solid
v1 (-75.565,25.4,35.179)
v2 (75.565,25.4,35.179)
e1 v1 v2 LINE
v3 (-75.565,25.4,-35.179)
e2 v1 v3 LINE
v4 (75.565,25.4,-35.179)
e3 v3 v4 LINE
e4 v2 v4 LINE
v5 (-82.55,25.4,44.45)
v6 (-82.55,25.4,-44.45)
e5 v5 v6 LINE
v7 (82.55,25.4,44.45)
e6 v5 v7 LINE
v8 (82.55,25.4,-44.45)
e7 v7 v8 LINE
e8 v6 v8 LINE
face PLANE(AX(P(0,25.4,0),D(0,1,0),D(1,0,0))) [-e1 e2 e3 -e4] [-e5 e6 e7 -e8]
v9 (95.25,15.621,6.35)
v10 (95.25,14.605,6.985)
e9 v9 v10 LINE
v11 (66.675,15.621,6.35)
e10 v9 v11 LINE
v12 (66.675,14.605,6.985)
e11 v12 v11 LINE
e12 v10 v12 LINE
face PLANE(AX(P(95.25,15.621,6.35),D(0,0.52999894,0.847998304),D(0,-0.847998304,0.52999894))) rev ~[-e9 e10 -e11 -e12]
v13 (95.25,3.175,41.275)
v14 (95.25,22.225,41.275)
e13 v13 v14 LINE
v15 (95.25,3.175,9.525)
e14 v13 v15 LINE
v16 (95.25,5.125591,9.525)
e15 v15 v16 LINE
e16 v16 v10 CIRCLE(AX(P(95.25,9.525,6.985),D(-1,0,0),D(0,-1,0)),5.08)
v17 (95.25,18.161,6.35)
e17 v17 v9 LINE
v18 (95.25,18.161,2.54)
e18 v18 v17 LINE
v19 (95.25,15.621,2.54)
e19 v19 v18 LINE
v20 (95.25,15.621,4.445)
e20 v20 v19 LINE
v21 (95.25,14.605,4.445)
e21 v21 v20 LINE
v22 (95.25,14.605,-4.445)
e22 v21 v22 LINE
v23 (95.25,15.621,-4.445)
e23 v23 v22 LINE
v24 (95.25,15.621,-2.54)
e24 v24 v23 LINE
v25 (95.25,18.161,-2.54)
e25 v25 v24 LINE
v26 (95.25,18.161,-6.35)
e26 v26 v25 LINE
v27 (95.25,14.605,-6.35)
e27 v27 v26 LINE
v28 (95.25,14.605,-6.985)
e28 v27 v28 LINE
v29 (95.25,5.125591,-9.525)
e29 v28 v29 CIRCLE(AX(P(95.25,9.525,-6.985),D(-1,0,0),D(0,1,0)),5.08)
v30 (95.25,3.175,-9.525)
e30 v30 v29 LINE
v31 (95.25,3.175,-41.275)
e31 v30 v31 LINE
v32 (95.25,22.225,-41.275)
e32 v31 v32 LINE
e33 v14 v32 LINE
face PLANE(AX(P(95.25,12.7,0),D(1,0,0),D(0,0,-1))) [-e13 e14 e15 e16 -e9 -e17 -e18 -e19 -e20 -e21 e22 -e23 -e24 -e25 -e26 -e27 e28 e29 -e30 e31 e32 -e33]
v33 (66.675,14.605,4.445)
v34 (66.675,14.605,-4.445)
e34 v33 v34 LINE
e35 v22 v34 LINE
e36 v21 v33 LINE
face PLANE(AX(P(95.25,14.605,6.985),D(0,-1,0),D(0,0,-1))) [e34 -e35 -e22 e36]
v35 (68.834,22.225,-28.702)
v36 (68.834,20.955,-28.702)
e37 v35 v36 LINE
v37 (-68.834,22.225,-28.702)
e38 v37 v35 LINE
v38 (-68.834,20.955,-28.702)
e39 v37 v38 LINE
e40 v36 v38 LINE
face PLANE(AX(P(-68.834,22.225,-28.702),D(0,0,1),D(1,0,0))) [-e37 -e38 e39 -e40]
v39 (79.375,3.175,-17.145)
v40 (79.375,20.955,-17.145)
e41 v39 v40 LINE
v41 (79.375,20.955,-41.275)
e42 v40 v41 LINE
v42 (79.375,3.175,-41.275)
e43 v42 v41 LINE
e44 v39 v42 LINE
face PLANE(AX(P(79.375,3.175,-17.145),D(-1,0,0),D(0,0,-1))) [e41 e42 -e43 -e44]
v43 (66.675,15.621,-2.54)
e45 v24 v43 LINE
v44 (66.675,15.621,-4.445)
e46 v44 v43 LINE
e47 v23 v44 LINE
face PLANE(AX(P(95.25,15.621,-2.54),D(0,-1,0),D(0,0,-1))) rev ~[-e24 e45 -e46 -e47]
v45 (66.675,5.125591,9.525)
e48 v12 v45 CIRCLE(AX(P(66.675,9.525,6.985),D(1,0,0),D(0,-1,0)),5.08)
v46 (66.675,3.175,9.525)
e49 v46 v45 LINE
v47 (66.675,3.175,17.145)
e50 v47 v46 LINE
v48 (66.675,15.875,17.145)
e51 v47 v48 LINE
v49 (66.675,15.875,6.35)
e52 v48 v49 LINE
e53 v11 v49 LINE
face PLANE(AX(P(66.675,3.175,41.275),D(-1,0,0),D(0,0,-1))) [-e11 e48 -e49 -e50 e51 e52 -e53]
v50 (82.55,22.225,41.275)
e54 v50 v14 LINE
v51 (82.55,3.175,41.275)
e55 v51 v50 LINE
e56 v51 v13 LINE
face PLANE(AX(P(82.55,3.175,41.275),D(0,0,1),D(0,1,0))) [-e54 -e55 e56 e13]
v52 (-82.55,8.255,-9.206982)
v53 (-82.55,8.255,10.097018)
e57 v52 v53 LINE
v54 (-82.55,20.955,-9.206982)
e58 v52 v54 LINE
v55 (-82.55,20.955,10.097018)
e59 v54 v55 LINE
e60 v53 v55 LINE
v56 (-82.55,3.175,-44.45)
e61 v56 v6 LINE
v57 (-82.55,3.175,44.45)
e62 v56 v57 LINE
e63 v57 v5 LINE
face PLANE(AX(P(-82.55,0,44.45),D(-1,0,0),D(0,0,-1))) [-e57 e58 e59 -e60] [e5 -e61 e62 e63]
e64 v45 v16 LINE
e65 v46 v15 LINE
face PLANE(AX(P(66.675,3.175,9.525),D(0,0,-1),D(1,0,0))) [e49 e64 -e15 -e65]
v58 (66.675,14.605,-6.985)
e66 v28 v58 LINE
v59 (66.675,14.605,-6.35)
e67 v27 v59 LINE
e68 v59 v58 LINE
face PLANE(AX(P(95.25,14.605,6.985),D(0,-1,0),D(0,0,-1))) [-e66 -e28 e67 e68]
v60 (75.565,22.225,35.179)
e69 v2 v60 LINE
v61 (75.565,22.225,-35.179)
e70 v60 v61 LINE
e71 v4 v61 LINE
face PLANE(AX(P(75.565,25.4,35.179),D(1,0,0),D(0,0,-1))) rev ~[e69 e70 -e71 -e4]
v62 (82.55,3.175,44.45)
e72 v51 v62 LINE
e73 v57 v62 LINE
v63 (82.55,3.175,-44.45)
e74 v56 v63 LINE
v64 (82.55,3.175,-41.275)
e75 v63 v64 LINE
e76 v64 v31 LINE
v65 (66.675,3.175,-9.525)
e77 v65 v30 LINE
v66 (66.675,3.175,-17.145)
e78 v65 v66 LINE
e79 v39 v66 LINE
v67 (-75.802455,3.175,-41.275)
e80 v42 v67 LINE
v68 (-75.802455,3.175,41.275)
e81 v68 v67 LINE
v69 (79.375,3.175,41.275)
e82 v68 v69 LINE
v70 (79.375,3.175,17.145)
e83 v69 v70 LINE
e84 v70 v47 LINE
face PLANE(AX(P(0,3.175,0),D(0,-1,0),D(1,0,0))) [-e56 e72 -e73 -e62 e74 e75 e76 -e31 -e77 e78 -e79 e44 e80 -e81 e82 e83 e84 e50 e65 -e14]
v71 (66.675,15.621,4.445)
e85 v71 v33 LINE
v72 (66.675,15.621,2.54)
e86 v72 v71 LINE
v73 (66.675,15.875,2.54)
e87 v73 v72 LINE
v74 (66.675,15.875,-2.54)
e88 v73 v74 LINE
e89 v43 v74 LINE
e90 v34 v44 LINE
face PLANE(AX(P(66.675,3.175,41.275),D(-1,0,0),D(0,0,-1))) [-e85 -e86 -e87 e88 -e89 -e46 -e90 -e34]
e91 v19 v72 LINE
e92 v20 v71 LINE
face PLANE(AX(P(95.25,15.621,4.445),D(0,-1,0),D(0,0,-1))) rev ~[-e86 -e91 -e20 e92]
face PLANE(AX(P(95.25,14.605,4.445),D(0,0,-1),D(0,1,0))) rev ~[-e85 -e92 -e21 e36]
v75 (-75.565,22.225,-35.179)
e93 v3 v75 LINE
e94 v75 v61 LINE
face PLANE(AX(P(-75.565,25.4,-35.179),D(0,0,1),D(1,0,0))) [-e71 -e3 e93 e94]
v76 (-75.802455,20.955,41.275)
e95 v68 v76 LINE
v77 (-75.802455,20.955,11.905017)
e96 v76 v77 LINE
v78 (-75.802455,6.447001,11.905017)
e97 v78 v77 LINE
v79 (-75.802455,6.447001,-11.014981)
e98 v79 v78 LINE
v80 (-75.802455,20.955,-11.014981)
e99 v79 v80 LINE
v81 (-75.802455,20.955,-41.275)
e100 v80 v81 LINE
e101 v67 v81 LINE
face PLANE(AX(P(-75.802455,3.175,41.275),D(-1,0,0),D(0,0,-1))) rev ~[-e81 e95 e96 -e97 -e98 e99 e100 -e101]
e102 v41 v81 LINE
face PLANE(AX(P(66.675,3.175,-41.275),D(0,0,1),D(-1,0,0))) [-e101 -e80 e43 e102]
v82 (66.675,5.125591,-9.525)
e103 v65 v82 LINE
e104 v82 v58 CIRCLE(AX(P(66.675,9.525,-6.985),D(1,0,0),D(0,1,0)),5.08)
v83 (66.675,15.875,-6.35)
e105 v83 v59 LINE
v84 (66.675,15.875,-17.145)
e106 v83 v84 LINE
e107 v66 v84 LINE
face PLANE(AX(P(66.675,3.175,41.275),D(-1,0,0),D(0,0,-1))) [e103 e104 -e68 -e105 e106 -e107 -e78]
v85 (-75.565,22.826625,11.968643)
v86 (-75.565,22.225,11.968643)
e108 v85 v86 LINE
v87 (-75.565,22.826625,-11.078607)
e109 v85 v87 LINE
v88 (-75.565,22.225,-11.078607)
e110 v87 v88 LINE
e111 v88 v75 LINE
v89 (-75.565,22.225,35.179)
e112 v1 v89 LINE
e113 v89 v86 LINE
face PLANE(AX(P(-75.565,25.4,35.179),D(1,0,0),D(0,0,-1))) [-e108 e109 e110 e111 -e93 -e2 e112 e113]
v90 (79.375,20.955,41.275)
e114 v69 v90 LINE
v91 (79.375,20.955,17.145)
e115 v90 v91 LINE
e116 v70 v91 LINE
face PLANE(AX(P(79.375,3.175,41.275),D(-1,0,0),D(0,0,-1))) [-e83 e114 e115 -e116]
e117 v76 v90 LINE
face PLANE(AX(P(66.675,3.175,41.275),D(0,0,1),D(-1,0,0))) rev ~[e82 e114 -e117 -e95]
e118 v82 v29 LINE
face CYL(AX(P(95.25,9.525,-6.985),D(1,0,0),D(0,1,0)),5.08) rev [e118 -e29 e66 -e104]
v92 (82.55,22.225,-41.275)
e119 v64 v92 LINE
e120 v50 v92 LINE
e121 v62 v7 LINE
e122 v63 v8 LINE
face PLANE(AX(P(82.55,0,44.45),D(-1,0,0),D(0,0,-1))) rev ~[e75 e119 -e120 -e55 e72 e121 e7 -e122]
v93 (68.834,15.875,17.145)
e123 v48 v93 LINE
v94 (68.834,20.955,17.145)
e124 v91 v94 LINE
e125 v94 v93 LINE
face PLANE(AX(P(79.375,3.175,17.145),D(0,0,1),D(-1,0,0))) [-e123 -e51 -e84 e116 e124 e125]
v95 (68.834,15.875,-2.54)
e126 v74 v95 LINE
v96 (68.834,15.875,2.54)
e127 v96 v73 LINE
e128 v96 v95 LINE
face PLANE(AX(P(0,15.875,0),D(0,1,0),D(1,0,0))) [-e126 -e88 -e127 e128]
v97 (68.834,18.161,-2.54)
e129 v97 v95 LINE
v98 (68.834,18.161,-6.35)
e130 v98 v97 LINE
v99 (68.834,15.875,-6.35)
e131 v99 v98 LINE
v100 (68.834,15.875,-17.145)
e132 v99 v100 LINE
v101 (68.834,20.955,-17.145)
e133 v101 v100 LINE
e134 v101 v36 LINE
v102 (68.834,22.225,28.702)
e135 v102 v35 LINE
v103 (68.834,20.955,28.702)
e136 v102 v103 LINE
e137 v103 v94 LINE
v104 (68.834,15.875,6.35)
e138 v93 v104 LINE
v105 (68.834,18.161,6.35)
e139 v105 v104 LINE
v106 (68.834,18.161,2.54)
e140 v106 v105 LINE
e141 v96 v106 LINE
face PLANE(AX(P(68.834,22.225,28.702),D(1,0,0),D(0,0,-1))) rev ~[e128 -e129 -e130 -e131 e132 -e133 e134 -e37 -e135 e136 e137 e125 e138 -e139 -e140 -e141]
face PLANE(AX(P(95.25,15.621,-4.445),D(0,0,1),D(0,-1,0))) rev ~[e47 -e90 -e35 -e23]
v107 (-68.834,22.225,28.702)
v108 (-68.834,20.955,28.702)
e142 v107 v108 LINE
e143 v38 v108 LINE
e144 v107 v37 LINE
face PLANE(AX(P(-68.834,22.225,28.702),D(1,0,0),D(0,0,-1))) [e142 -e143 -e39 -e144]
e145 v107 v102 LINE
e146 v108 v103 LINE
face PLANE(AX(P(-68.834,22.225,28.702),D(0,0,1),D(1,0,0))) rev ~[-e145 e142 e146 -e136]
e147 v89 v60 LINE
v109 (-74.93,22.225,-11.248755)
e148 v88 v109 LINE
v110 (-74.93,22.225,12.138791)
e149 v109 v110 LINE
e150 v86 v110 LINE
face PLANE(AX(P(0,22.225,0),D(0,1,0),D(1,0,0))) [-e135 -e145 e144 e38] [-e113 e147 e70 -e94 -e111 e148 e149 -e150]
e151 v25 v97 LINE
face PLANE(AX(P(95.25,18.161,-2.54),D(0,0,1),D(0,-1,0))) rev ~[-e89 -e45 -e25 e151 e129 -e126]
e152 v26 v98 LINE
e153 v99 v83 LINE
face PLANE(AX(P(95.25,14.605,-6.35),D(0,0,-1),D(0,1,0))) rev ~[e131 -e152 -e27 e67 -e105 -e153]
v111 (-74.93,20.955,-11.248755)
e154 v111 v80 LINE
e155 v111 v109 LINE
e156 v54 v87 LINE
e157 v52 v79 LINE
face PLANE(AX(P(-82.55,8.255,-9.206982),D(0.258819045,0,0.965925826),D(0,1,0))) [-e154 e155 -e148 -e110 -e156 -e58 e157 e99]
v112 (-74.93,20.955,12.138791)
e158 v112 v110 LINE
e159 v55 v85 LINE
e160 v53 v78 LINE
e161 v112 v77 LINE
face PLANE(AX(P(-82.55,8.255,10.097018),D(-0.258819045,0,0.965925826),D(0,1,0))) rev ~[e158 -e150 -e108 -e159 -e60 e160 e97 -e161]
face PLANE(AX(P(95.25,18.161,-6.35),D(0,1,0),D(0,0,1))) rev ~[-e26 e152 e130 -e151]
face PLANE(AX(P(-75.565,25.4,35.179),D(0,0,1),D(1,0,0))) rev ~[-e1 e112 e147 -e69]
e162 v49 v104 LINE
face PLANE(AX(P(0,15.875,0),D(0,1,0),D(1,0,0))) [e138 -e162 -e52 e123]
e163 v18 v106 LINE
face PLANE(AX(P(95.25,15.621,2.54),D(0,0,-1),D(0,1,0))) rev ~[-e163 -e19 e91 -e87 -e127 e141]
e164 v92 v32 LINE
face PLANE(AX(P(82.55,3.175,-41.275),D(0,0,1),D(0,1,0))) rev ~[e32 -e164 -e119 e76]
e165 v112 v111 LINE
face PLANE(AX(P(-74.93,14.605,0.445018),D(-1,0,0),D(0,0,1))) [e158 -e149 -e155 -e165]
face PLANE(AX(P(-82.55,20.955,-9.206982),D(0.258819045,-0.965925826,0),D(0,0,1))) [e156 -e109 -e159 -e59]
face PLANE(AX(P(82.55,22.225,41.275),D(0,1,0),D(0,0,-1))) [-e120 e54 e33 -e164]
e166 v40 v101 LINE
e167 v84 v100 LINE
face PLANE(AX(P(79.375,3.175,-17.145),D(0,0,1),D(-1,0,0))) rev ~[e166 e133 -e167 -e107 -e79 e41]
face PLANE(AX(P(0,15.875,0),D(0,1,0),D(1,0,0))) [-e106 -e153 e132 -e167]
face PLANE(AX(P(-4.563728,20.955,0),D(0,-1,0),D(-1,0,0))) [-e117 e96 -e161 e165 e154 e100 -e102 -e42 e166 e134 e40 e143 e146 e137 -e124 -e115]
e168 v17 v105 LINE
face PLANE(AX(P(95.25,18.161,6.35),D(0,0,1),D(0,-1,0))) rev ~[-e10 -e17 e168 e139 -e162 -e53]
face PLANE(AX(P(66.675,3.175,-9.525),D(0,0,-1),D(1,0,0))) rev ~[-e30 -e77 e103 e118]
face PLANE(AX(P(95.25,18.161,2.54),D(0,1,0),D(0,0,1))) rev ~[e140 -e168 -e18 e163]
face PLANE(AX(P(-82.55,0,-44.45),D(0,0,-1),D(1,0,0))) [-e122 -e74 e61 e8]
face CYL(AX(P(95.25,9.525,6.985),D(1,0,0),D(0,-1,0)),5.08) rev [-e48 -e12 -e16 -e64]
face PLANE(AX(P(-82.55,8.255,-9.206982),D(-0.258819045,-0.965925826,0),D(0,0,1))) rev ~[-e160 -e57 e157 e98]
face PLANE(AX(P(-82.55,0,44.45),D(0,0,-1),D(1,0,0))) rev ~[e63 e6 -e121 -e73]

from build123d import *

# Parameters (mm, degrees)
SKETCH1_W           = 165.1
SKETCH1_H           = 88.9
BOSS_EXTRUDE1_DEPTH = 25.4
SKETCH2_W           = 82.55
SKETCH2_H           = 19.05
BOSS_EXTRUDE2_DEPTH = 12.7
SKETCH5_W           = 151.13
SKETCH5_H           = 70.358
CUT_EXTRUDE3_DEPTH  = 3.175
SKETCH7_W           = 165.1
SKETCH7_H           = 88.9
CUT_EXTRUDE4_DEPTH  = 3.175
CUT_EXTRUDE5_DEPTH  = 29.21
SKETCH11_W          = 142.477455076
SKETCH11_H          = 82.55
CUT_EXTRUDE7_DEPTH  = 17.78
SKETCH15_W          = 137.668
SKETCH15_H          = 57.404
CUT_EXTRUDE8_DEPTH  = 6.35
SKETCH19_W          = 12.7
SKETCH19_H          = 24.13
CUT_EXTRUDE9_DEPTH  = 17.78
SKETCH22_W          = 19.304
SKETCH22_H          = 12.7
CUT_EXTRUDE11_DEPTH = 7.62
CUT_EXTRUDE11_DRAFT = 15
SKETCH24_W          = 28.575
SKETCH24_H          = 19.05
CUT_EXTRUDE12_DEPTH = 5.08
CUT_EXTRUDE14_DEPTH = 30.48


with BuildPart() as part:
    # Sketch1 → Boss-Extrude1 (new body)
    with BuildSketch(Plane(origin=(0, 0, 0), x_dir=(1, 0, 0), z_dir=(0, 1, 0))):
        Rectangle(SKETCH1_W, SKETCH1_H)
    extrude(amount=BOSS_EXTRUDE1_DEPTH)

    # Sketch2 → Boss-Extrude2 (add)
    with BuildSketch(Plane(origin=(82.55, 0, 0), x_dir=(0, 0, -1), z_dir=(1, 0, 0))):
        with Locations((0, 12.7)):
            Rectangle(SKETCH2_W, SKETCH2_H)
    extrude(amount=BOSS_EXTRUDE2_DEPTH)

    # Sketch5 → Cut-Extrude3 (cut)
    with BuildSketch(Plane(origin=(0, 25.4, 0), x_dir=(1, 0, 0), z_dir=(0, 1, 0))):
        Rectangle(SKETCH5_W, SKETCH5_H)
    extrude(amount=-CUT_EXTRUDE3_DEPTH, mode=Mode.SUBTRACT)

    # Sketch7 → Cut-Extrude4 (cut)
    with BuildSketch(Plane.XZ):
        Rectangle(SKETCH7_W, SKETCH7_H)
    extrude(amount=-CUT_EXTRUDE4_DEPTH, mode=Mode.SUBTRACT)

    # Sketch9 → Cut-Extrude5 (cut)
    with BuildSketch(Plane(origin=(95.25, 0, 0), x_dir=(0, 0, -1), z_dir=(1, 0, 0))):
        with BuildLine():
            Line((6.985, 4.445), (-6.985, 4.445))
            ThreePointArc((-6.985, 4.445), (-12.065, 9.525), (-6.985, 14.605))
            Line((-6.985, 14.605), (6.985, 14.605))
            ThreePointArc((6.985, 14.605), (12.065, 9.525), (6.985, 4.445))
        make_face()
    extrude(amount=-CUT_EXTRUDE5_DEPTH, mode=Mode.SUBTRACT)

    # Sketch11 → Cut-Extrude7 (cut)
    with BuildSketch(Plane(origin=(0, 3.175, 0), x_dir=(-1, 0, 0), z_dir=(0, -1, 0))):
        with Locations((4.563727538, 0)):
            Rectangle(SKETCH11_W, SKETCH11_H)
    extrude(amount=-CUT_EXTRUDE7_DEPTH, mode=Mode.SUBTRACT)

    # Sketch15 → Cut-Extrude8 (cut)
    with BuildSketch(Plane(origin=(0, 22.225, 0), x_dir=(1, 0, 0), z_dir=(0, 1, 0))):
        Rectangle(SKETCH15_W, SKETCH15_H)
    extrude(amount=-CUT_EXTRUDE8_DEPTH, mode=Mode.SUBTRACT)

    # Sketch19 → Cut-Extrude9 (cut)
    with BuildSketch(Plane(origin=(0, 3.175, 0), x_dir=(-1, 0, 0), z_dir=(0, -1, 0))):
        with Locations((-73.025, -29.21)):
            Rectangle(SKETCH19_W, SKETCH19_H)
        with Locations((-73.025, 29.21)):
            Rectangle(SKETCH19_W, SKETCH19_H)
    extrude(amount=-CUT_EXTRUDE9_DEPTH, mode=Mode.SUBTRACT)


with BuildPart() as cut_extrude11_tool:
    # Sketch22 → Cut-Extrude11 (with draft: the straight prism first)
    with BuildSketch(Plane.ZY.offset(82.55)):
        with Locations((0.44501799, 14.605)):
            Rectangle(SKETCH22_W, SKETCH22_H)
    extrude(amount=-CUT_EXTRUDE11_DEPTH)
    # Cut-Extrude11: the draft: its side faces are tilted about the plane it starts from
    cut_extrude11_sides = [cut_extrude11_tool.faces().sort_by_distance(p)[0] for p in [
        (-78.74, 14.605, 10.09701799),
        (-78.74, 20.955, 0.44501799),
        (-78.74, 14.605, -9.20698201),
        (-78.74, 8.255, 0.44501799),
    ]]
    draft(cut_extrude11_sides, Plane.ZY.offset(82.55), CUT_EXTRUDE11_DRAFT)


with BuildPart() as part_1:
    add(part.part)

    # Cut-Extrude11: cut by cut_extrude11_tool
    add(cut_extrude11_tool.part, mode=Mode.SUBTRACT)

    # Sketch24 → Cut-Extrude12 (cut)
    with BuildSketch(Plane.XZ.offset(-3.175)):
        with Locations((80.9625, 0)):
            Rectangle(SKETCH24_W, SKETCH24_H)
    extrude(amount=-CUT_EXTRUDE12_DEPTH, mode=Mode.SUBTRACT)

    # Sketch27 → Cut-Extrude14 (cut)
    with BuildSketch(Plane(origin=(95.25, 0, 0), x_dir=(0, 0, -1), z_dir=(1, 0, 0))):
        Polygon((-6.985, 14.605), (-4.445, 14.605), (-4.445, 15.621), (-2.54, 15.621), (-2.54, 18.161), (-6.35, 18.161), (-6.35, 15.621), align=None)
        Polygon((2.54, 18.161), (2.54, 15.621), (4.445, 15.621), (4.445, 14.605), (6.35, 14.605), (6.35, 15.621), (6.35, 18.161), align=None)
    extrude(amount=-CUT_EXTRUDE14_DEPTH, mode=Mode.SUBTRACT)


solid = part_1.part
